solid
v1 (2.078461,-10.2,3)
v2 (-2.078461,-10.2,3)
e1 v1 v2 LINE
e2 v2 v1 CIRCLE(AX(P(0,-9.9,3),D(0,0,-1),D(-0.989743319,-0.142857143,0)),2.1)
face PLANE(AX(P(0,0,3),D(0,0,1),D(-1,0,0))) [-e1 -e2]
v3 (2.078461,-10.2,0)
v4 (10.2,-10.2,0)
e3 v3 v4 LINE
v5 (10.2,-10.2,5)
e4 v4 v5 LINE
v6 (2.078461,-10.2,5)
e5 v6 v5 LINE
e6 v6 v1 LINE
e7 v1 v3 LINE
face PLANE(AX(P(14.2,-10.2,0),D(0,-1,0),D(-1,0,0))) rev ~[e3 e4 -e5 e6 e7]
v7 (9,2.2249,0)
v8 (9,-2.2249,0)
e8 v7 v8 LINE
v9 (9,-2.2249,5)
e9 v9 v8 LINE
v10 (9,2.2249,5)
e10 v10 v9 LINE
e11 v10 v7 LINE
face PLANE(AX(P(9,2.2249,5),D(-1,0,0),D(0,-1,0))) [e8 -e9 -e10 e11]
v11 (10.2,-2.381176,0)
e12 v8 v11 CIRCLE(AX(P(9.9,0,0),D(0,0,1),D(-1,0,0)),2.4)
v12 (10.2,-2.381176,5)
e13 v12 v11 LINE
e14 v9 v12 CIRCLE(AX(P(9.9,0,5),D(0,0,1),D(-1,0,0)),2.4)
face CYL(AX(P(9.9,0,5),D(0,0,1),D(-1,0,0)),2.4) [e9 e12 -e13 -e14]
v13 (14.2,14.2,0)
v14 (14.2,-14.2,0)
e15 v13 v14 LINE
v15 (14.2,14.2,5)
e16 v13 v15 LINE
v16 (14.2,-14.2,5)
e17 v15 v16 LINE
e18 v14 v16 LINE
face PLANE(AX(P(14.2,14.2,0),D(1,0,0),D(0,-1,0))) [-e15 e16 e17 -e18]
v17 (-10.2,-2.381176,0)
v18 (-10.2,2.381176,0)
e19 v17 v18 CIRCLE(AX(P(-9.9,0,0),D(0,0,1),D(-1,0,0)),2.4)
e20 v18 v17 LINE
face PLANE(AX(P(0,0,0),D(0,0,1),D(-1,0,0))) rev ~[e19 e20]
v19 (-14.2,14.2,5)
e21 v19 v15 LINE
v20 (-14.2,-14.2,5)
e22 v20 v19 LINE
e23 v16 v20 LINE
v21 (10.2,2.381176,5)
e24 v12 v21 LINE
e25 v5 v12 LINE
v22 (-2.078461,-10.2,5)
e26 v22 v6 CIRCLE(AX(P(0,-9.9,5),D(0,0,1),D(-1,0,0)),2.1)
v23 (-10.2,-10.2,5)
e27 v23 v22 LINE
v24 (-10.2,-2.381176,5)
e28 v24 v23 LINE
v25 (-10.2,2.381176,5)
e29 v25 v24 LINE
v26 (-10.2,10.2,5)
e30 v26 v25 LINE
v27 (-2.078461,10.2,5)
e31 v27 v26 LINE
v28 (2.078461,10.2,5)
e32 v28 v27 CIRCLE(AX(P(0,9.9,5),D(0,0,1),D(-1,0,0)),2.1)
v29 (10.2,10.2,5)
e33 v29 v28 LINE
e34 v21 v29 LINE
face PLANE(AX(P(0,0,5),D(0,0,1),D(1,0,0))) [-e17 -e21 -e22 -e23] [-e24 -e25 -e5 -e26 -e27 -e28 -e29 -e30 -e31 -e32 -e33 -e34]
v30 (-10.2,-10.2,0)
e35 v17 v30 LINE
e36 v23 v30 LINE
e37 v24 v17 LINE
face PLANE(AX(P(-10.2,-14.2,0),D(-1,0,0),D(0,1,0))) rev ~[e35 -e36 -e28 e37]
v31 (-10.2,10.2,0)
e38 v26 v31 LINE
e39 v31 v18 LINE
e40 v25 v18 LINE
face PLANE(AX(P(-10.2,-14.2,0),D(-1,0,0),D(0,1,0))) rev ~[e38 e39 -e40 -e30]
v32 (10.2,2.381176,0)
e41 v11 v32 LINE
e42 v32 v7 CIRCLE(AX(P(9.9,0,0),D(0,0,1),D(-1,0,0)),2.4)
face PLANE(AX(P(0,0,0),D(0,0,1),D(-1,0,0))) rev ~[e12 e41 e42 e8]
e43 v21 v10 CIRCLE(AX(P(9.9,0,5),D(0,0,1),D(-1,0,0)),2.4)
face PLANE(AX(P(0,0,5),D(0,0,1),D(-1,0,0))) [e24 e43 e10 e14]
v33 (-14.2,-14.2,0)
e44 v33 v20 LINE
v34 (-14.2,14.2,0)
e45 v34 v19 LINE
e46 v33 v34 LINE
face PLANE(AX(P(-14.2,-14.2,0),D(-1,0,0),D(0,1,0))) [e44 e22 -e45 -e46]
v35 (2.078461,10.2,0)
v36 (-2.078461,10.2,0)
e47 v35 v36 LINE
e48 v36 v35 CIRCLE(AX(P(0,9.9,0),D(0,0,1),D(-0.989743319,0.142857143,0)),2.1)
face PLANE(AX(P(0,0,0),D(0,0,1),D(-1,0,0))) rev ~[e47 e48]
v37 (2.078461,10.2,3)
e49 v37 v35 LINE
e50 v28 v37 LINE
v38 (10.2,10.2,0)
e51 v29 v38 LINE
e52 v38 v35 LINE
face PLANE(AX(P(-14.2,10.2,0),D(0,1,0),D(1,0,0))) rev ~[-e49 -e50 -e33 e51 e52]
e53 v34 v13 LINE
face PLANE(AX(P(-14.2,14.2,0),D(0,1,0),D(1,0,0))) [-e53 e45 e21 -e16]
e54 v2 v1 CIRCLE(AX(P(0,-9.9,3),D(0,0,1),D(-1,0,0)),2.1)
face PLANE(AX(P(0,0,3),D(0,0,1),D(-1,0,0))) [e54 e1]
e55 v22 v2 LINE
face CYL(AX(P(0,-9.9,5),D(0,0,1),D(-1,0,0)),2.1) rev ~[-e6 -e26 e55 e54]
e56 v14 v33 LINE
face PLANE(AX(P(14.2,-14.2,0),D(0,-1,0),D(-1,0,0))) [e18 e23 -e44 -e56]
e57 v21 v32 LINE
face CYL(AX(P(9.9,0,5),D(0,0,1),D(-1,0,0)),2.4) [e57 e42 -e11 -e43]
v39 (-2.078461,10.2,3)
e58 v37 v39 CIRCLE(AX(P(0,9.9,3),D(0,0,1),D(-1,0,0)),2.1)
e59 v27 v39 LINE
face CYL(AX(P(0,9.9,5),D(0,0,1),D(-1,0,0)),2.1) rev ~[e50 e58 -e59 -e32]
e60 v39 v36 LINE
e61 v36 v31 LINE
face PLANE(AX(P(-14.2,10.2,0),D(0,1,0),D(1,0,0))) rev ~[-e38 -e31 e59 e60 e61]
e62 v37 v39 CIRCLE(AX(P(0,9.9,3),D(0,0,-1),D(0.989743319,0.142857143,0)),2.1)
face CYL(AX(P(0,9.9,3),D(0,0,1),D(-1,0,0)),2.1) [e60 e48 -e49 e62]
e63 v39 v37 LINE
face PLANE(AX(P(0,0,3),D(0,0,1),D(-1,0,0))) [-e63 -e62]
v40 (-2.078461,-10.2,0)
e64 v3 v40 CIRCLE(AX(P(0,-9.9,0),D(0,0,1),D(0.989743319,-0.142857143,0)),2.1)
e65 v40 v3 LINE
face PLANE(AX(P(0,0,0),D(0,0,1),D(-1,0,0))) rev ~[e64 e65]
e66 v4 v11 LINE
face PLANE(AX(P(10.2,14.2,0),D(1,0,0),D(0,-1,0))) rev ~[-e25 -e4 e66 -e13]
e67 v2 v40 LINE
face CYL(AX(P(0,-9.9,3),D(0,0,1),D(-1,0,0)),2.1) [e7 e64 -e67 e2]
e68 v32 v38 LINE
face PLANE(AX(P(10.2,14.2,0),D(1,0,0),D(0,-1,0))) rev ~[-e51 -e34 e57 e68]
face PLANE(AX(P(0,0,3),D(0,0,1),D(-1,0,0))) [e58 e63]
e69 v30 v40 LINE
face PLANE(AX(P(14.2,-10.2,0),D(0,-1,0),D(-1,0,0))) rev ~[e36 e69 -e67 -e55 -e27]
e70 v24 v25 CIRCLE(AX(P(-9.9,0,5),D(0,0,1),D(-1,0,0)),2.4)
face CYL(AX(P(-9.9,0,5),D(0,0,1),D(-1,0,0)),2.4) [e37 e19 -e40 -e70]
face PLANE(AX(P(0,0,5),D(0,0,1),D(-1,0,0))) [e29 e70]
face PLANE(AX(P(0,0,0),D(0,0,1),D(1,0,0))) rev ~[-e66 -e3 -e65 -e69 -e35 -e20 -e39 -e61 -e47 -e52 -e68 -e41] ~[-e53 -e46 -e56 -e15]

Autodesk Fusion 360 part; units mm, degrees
sketch "Sketch1" plane through (0, 0, 0) normal (0, 0, 1) x (1, 0, 0)
  line L0 (14.2, -14.2) -> (-14.2, -14.2)
  line L1 (-14.2, -14.2) -> (-14.2, 14.2)
  line L2 (-14.2, 14.2) -> (14.2, 14.2)
  line L3 (14.2, 14.2) -> (14.2, -14.2)
  line L4 (14.2, -14.2) -> (-14.2, 14.2) construction
  line L5 (-14.2, -14.2) -> (14.2, 14.2) construction
  dimension "d1" = 28.4
  dimension "d2" = 28.4
extrude "Extrude1" add sketch "Sketch1" along normal blind 5
shell "Shell1" thickness 4 removed faces 2 at (-4.7333, 4.7333, 5) at (-4.7333, 4.7333, 0)
sketch "Sketch2" plane through (0, 0, 5) normal (0, 0, 1) x (-1, 0, 0)
  line L0 (-10.2, -10.2) -> (-10.2, 10.2)
  line L1 (-10.2, 10.2) -> (10.2, 10.2)
  line L2 (10.2, 10.2) -> (10.2, -10.2)
  line L3 (10.2, -10.2) -> (-10.2, -10.2)
  line L4 (-14.2, -14.2) -> (14.2, -14.2)
  line L5 (14.2, -14.2) -> (14.2, 14.2)
  line L6 (14.2, 14.2) -> (-14.2, 14.2)
  line L7 (-14.2, 14.2) -> (-14.2, -14.2)
  circle A0 centre (0, -9.9) radius 2.1
  circle A1 centre (-9.9, 0) radius 2.4
  line L8 (-10.2, 0) -> (10.2, 0) construction
  line L9 (0, -10.2) -> (0, 10.2) construction
  circle A2 centre (0, 9.9) radius 2.1
  circle A3 centre (9.9, 0) radius 2.4
  line L10 (-9, -2.2249) -> (-9, 2.2249)
  dimension "d11" = 4.2
  dimension "d12" = 0.3
  dimension "d14" = 4.8
  dimension "d15" = 0.3
  dimension "d18" = 4.2
  dimension "d19" = 0.3
  dimension "d21" = 4.8
  dimension "d31" = 0.3
  dimension "d33" = 0.9
extrude "Extrude2" add sketch "Sketch2" against normal blind 5 contours L0 A1 L10 | L2 A3 picked at (9.4042, -0.3949)
extrude "Extrude3" cut sketch "Sketch2" against normal blind 2 contours L3 A0 | L1 A2 picked at (0.357, -10.7865) picked at (0.0996, 10.7929)
extrude "Extrude4" add sketch "Sketch2" against normal blind 3 from surface at -2 contours L3 A0 | L1 A2 picked at (0.2572, -9.449) picked at (0.2572, 9.449)
